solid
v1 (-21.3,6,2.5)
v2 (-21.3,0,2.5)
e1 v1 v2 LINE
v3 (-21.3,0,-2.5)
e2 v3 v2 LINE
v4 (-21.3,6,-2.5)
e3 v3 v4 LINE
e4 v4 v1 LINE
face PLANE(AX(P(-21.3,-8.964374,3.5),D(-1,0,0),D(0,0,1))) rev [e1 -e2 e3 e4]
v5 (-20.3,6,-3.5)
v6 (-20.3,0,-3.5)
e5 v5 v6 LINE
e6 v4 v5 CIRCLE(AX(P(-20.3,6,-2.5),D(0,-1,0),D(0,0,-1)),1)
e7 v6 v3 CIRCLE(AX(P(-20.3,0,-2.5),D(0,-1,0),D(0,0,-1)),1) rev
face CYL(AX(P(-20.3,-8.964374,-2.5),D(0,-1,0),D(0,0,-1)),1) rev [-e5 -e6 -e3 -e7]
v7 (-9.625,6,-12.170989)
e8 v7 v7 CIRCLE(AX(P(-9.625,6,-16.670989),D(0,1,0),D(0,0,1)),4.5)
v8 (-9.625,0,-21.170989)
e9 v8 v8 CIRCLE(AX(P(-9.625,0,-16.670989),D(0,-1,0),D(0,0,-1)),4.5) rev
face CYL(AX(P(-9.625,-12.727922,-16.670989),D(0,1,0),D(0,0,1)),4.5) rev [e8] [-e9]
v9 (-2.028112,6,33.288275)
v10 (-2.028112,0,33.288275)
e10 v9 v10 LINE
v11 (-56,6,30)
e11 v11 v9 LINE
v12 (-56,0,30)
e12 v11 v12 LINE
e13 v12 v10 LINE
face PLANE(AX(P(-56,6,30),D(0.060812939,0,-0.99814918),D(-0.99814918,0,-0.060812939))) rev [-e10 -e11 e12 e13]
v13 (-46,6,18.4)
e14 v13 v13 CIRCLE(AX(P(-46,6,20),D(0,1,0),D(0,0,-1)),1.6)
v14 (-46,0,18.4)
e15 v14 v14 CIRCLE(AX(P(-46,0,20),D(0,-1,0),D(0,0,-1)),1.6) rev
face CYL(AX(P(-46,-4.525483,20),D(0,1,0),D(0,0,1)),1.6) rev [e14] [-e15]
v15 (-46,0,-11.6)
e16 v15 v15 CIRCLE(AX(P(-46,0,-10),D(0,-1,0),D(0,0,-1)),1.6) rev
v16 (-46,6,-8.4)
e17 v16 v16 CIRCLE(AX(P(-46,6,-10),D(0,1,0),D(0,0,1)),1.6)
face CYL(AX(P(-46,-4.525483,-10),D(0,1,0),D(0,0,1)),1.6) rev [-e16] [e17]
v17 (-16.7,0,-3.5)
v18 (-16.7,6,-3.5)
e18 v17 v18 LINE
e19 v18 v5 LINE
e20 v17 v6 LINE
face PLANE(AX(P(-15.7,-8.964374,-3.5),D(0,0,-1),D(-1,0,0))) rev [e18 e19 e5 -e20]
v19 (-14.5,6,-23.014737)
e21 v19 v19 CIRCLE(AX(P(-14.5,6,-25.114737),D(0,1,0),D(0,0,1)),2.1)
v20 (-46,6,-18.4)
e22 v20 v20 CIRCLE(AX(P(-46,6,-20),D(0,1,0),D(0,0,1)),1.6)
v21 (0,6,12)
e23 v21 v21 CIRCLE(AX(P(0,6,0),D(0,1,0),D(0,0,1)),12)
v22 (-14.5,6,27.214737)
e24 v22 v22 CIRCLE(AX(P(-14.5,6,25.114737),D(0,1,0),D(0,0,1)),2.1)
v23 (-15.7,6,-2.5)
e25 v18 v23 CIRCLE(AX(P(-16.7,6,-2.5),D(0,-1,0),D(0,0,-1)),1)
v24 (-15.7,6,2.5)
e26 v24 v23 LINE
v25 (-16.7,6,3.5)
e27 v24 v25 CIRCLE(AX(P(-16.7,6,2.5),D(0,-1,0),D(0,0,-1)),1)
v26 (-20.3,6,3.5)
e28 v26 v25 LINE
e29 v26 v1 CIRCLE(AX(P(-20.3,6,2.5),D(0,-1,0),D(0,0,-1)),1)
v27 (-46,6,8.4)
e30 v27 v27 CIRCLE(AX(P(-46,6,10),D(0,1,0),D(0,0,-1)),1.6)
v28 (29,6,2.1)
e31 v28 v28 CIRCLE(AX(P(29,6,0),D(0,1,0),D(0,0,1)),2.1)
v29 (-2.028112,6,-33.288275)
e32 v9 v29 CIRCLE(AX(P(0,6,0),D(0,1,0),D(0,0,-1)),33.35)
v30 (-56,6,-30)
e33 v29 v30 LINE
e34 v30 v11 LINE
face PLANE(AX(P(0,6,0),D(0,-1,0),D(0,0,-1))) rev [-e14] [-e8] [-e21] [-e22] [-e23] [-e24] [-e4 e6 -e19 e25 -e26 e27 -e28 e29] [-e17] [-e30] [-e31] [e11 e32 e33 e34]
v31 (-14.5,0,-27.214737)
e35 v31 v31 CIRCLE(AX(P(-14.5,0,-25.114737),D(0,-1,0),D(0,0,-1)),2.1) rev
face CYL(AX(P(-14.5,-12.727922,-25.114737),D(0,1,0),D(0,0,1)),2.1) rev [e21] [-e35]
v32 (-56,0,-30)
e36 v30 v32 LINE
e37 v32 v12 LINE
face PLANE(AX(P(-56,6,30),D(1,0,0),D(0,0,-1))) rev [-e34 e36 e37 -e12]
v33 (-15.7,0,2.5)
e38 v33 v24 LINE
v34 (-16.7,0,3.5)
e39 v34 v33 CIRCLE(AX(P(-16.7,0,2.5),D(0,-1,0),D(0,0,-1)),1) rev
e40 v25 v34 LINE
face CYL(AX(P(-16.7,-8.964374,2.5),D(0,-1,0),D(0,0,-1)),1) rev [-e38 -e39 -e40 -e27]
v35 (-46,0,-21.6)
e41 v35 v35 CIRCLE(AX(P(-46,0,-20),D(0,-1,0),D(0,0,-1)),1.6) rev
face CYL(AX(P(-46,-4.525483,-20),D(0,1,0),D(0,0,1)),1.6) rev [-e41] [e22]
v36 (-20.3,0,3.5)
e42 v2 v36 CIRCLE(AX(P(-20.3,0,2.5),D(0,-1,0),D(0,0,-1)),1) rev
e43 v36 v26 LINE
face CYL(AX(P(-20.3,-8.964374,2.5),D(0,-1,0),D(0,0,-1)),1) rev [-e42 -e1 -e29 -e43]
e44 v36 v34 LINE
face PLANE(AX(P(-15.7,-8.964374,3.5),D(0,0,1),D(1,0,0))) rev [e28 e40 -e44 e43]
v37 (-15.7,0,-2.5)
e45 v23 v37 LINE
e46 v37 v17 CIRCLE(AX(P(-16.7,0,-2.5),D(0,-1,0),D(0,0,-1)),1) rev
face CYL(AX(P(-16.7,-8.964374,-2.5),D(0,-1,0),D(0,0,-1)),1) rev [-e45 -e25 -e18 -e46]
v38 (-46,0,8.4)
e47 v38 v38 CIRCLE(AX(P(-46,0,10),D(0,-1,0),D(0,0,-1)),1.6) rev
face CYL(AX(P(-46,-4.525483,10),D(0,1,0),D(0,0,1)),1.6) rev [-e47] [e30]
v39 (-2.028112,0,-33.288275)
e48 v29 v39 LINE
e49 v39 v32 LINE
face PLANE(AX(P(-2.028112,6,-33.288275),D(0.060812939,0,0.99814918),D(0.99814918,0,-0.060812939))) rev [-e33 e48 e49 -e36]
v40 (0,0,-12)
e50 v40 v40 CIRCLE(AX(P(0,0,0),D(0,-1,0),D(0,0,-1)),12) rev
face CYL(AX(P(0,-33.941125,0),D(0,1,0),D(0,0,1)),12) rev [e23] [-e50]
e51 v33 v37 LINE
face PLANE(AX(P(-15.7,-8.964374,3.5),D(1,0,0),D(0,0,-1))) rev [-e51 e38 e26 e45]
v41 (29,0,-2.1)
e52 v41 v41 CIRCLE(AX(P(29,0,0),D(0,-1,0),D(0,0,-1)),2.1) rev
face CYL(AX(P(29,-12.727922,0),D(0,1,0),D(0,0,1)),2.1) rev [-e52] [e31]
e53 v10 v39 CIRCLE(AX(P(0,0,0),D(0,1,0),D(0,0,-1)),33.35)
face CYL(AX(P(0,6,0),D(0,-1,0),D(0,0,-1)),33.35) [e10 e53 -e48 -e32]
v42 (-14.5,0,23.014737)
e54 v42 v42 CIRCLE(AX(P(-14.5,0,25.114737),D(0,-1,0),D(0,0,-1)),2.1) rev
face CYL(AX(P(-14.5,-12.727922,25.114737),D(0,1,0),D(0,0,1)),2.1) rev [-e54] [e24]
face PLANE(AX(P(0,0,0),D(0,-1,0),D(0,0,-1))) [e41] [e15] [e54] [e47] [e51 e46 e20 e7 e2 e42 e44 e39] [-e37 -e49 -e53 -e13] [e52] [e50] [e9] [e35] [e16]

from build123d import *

# Parameters (mm, degrees)
EXTRUDE_1_DEPTH     = 6
SKETCH_4_R          = 12
CUT_EXTRUDE_2_DEPTH = 6
SKETCH_5_R          = 1.6
CUT_EXTRUDE_3_DEPTH = 6
SKETCH_6_R          = 4.5
SKETCH_6_R_2        = 2.1
CUT_EXTRUDE_4_DEPTH = 6
SKETCH_7_W          = 5.6
SKETCH_7_H          = 7
CUT_EXTRUDE_5_DEPTH = 6
FILLET_2_R          = 1


with BuildPart() as part:
    # 草图1 → 凸台-拉伸1 (new body)
    with BuildSketch(Plane(origin=(0, 0, 0), x_dir=(1, 0, 0), z_dir=(0, 1, 0))):
        with BuildLine():
            Line((-56, -30), (-56, 30))
            Line((-56, 30), (-2.028111517, 33.288275168))
            ThreePointArc((-2.028111517, 33.288275168), (33.35, 0), (-2.028111517, -33.288275168))
            Line((-2.028111517, -33.288275168), (-56, -30))
        make_face()
    extrude(amount=EXTRUDE_1_DEPTH)

    # 草图4 → 切除-拉伸2 (cut)
    with BuildSketch(Plane(origin=(0, 6, 0), x_dir=(1, 0, 0), z_dir=(0, 1, 0))):
        with Locations(Location((0, 0, 0), (0, 0, 270))):
            Circle(SKETCH_4_R)
    extrude(amount=-CUT_EXTRUDE_2_DEPTH, mode=Mode.SUBTRACT)

    # 草图5 → 切除-拉伸3 (cut)
    with BuildSketch(Plane(origin=(0, 6, 0), x_dir=(1, 0, 0), z_dir=(0, 1, 0))):
        with Locations(Location((-46, 20, 0), (0, 0, 270))):
            Circle(SKETCH_5_R)
        with Locations(Location((-46, 10, 0), (0, 0, 270))):
            Circle(SKETCH_5_R)
        with Locations(Location((-46, -20, 0), (0, 0, 90))):
            Circle(SKETCH_5_R)
        with Locations(Location((-46, -10, 0), (0, 0, 90))):
            Circle(SKETCH_5_R)
    extrude(amount=-CUT_EXTRUDE_3_DEPTH, mode=Mode.SUBTRACT)

    # 草图6 → 切除-拉伸4 (cut)
    with BuildSketch(Plane(origin=(0, 6, 0), x_dir=(1, 0, 0), z_dir=(0, 1, 0))):
        with Locations(Location((-9.625, 16.670989023, 0), (0, 0, 270))):
            Circle(SKETCH_6_R)
        with Locations(Location((29, 0, 0), (0, 0, 270))):
            Circle(SKETCH_6_R_2)
        with Locations(Location((-14.5, -25.11473671, 0), (0, 0, 270))):
            Circle(SKETCH_6_R_2)
        with Locations(Location((-14.5, 25.11473671, 0), (0, 0, 270))):
            Circle(SKETCH_6_R_2)
    extrude(amount=-CUT_EXTRUDE_4_DEPTH, mode=Mode.SUBTRACT)

    # 草图7 → 切除-拉伸5 (cut)
    with BuildSketch(Plane(origin=(0, 6, 0), x_dir=(1, 0, 0), z_dir=(0, 1, 0))):
        with Locations((-18.5, 0)):
            Rectangle(SKETCH_7_W, SKETCH_7_H)
    extrude(amount=-CUT_EXTRUDE_5_DEPTH, mode=Mode.SUBTRACT)

    # 圆角2
    fillet_2_edges = [part.edges().sort_by_distance(p)[0] for p in [
        (-15.7, 3, 3.5),
        (-15.7, 3, -3.5),
        (-21.3, 3, -3.5),
        (-21.3, 3, 3.5),
    ]]
    fillet(fillet_2_edges, radius=FILLET_2_R)


solid = part.part
